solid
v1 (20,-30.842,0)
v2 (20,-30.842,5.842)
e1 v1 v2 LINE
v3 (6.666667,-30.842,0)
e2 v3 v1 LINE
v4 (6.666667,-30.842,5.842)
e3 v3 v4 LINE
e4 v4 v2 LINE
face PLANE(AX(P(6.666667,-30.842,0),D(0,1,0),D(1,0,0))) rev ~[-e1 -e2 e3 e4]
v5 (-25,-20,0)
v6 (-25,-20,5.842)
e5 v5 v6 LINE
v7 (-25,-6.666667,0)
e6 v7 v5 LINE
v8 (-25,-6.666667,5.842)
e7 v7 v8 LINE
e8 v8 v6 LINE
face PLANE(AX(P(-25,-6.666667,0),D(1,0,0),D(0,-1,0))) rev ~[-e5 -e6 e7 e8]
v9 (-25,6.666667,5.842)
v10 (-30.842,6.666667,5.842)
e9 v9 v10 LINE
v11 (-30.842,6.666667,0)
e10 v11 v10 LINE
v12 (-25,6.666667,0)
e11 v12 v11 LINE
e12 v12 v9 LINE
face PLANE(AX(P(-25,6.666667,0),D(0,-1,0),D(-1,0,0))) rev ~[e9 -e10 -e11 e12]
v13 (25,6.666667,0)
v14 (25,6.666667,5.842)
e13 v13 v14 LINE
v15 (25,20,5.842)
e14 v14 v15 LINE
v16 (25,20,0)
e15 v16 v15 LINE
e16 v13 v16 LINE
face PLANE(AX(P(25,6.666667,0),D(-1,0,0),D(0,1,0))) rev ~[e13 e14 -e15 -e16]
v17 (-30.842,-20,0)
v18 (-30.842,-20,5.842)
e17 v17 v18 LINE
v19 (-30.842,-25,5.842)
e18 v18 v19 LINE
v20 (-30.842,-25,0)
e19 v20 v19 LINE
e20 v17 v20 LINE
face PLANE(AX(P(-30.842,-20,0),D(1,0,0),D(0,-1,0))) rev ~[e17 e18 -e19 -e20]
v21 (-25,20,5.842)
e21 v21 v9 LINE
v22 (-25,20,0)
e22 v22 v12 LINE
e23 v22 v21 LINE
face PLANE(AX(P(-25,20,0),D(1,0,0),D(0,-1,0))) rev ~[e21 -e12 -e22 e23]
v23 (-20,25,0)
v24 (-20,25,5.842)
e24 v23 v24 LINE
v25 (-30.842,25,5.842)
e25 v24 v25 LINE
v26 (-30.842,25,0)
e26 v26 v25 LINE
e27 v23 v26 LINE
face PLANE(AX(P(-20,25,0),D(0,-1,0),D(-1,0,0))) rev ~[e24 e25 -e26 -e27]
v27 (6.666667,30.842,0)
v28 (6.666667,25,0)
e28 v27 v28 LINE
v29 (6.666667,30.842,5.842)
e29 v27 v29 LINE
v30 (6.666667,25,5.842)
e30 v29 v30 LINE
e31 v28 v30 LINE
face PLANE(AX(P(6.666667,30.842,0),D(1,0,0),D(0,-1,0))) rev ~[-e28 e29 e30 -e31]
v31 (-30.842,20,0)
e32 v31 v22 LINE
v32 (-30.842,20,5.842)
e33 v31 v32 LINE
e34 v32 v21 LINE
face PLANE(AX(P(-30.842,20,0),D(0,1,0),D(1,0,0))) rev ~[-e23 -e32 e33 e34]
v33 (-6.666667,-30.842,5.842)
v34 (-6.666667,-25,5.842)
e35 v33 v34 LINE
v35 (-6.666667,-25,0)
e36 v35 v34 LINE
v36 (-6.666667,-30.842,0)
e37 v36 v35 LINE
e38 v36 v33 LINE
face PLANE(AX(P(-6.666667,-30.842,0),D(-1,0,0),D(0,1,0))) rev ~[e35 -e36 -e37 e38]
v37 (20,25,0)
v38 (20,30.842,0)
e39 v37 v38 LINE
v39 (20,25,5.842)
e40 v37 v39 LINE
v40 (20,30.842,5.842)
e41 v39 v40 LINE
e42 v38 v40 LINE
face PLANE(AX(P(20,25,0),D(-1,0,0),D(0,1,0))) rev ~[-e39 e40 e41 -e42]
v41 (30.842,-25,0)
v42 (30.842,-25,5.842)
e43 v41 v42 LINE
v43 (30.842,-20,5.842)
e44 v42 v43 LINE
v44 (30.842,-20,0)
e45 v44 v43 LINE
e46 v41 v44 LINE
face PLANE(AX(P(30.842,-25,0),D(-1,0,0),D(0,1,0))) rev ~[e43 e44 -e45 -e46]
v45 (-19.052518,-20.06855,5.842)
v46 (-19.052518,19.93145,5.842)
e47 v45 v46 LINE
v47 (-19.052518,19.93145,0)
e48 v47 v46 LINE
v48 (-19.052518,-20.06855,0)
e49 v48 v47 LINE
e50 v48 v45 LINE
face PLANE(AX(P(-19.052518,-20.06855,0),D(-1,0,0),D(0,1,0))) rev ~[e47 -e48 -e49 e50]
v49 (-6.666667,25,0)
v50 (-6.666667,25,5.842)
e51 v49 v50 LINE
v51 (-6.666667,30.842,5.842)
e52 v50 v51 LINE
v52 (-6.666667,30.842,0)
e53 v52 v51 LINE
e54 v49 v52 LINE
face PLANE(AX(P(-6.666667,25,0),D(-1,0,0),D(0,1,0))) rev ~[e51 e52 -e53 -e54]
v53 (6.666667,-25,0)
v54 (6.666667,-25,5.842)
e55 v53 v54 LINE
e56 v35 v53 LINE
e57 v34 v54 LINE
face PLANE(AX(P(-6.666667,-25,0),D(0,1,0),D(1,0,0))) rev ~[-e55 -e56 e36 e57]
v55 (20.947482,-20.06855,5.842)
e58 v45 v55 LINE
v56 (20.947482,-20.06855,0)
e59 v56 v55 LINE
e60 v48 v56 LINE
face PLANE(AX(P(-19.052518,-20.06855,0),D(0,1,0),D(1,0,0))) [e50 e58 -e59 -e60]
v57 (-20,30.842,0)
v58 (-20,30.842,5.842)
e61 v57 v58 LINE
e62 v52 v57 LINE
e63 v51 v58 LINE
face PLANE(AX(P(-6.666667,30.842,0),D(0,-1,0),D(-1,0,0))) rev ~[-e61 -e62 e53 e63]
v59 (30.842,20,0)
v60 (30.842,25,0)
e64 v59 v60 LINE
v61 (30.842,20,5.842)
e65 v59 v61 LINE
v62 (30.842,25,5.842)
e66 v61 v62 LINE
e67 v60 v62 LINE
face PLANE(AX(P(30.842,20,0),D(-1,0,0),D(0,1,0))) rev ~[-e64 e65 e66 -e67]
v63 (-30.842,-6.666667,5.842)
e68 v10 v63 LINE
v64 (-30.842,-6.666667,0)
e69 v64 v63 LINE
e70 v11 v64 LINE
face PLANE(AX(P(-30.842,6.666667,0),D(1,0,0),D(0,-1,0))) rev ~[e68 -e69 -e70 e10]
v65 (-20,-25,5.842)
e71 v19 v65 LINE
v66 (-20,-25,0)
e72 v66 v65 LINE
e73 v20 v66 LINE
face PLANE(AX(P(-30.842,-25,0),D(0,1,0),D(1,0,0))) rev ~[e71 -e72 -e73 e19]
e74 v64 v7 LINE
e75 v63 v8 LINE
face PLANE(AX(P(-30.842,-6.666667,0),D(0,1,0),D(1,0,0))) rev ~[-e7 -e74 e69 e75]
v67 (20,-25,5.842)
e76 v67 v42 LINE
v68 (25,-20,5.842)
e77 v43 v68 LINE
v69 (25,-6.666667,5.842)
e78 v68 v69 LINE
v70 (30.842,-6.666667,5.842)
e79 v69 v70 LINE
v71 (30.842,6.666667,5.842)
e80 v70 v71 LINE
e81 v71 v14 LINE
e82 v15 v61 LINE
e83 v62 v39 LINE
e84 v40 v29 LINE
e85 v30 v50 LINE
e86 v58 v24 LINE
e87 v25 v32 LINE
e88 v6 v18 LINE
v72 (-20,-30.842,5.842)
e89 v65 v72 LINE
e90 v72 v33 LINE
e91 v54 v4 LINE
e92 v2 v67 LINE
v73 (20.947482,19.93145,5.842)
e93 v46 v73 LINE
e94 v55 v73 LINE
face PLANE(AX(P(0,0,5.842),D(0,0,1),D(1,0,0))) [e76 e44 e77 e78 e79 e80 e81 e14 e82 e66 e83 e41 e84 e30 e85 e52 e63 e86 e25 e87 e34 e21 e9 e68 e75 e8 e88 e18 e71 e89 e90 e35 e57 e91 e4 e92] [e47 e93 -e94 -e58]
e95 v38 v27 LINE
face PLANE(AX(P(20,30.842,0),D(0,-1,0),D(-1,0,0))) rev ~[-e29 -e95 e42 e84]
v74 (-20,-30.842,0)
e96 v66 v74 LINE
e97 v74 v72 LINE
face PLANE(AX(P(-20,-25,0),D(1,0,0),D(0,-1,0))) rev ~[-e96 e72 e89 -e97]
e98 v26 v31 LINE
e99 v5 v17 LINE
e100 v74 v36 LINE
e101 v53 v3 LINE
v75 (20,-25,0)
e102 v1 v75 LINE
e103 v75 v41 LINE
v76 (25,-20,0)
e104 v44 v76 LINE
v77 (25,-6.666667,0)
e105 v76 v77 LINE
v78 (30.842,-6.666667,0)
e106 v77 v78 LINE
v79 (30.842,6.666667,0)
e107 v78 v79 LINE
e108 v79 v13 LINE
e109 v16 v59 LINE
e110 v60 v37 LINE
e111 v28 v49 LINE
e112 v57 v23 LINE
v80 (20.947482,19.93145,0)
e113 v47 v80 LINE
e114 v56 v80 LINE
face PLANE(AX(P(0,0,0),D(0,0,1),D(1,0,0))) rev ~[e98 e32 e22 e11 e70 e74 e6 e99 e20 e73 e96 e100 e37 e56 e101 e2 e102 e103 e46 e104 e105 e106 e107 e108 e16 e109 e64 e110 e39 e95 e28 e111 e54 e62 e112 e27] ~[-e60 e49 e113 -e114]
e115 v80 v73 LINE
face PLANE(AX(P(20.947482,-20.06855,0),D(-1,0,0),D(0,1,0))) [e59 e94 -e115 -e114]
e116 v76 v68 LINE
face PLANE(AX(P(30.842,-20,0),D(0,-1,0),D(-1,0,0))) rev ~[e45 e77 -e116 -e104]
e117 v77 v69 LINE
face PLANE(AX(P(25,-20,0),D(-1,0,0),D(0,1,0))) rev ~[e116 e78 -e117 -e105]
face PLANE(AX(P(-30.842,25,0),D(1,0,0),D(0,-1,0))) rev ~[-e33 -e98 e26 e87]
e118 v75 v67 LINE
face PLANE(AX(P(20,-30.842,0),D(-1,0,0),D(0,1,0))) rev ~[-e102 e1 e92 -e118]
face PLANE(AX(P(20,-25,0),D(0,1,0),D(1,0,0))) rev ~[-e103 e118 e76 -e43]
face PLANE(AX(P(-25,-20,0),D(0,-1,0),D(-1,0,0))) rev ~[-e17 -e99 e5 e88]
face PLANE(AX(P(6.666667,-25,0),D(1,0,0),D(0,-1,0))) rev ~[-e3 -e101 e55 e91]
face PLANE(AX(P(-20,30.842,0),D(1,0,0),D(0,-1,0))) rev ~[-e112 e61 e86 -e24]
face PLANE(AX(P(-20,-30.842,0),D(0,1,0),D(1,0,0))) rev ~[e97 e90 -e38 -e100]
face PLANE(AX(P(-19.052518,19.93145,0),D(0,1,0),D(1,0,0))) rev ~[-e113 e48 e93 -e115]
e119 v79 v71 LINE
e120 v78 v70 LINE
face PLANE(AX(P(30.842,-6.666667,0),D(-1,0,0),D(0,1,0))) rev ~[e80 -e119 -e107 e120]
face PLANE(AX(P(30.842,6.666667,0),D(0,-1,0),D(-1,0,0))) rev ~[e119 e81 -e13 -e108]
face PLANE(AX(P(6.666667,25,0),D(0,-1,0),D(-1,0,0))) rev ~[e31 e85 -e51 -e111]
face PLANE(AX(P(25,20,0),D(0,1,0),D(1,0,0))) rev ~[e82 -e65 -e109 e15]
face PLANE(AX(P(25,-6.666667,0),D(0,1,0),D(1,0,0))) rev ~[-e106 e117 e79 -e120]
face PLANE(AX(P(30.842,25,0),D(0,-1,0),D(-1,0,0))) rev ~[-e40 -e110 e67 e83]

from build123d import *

# Parameters (mm, degrees)
F0_W     = 40
F0_H     = 40
F1_DEPTH = 5.842


with BuildPart() as f1:
    # F0 (on Top) → F1 (new body)
    with BuildSketch(Plane.XY):
        Polygon((-20, 25), (-25, 25), (-30.842, 25), (-30.842, 20), (-25, 20), (-25, 6.666667), (-30.842, 6.666667), (-30.842, -6.666667), (-25, -6.666667), (-25, -20), (-30.842, -20), (-30.842, -25), (-25, -25), (-20, -25), (-20, -30.842), (-6.666667, -30.842), (-6.666667, -25), (6.666667, -25), (6.666667, -30.842), (20, -30.842), (20, -25), (25, -25), (30.842, -25), (30.842, -20), (25, -20), (25, -6.666667), (30.842, -6.666667), (30.842, 6.666667), (25, 6.666667), (25, 20), (30.842, 20), (30.842, 25), (25, 25), (20, 25), (20, 30.842), (6.666667, 30.842), (6.666667, 25), (-6.666667, 25), (-6.666667, 30.842), (-20, 30.842), align=None)
        with Locations((0.947482, -0.06855)):
            Rectangle(F0_W, F0_H, mode=Mode.SUBTRACT)
    extrude(amount=F1_DEPTH)


solid = f1.part
